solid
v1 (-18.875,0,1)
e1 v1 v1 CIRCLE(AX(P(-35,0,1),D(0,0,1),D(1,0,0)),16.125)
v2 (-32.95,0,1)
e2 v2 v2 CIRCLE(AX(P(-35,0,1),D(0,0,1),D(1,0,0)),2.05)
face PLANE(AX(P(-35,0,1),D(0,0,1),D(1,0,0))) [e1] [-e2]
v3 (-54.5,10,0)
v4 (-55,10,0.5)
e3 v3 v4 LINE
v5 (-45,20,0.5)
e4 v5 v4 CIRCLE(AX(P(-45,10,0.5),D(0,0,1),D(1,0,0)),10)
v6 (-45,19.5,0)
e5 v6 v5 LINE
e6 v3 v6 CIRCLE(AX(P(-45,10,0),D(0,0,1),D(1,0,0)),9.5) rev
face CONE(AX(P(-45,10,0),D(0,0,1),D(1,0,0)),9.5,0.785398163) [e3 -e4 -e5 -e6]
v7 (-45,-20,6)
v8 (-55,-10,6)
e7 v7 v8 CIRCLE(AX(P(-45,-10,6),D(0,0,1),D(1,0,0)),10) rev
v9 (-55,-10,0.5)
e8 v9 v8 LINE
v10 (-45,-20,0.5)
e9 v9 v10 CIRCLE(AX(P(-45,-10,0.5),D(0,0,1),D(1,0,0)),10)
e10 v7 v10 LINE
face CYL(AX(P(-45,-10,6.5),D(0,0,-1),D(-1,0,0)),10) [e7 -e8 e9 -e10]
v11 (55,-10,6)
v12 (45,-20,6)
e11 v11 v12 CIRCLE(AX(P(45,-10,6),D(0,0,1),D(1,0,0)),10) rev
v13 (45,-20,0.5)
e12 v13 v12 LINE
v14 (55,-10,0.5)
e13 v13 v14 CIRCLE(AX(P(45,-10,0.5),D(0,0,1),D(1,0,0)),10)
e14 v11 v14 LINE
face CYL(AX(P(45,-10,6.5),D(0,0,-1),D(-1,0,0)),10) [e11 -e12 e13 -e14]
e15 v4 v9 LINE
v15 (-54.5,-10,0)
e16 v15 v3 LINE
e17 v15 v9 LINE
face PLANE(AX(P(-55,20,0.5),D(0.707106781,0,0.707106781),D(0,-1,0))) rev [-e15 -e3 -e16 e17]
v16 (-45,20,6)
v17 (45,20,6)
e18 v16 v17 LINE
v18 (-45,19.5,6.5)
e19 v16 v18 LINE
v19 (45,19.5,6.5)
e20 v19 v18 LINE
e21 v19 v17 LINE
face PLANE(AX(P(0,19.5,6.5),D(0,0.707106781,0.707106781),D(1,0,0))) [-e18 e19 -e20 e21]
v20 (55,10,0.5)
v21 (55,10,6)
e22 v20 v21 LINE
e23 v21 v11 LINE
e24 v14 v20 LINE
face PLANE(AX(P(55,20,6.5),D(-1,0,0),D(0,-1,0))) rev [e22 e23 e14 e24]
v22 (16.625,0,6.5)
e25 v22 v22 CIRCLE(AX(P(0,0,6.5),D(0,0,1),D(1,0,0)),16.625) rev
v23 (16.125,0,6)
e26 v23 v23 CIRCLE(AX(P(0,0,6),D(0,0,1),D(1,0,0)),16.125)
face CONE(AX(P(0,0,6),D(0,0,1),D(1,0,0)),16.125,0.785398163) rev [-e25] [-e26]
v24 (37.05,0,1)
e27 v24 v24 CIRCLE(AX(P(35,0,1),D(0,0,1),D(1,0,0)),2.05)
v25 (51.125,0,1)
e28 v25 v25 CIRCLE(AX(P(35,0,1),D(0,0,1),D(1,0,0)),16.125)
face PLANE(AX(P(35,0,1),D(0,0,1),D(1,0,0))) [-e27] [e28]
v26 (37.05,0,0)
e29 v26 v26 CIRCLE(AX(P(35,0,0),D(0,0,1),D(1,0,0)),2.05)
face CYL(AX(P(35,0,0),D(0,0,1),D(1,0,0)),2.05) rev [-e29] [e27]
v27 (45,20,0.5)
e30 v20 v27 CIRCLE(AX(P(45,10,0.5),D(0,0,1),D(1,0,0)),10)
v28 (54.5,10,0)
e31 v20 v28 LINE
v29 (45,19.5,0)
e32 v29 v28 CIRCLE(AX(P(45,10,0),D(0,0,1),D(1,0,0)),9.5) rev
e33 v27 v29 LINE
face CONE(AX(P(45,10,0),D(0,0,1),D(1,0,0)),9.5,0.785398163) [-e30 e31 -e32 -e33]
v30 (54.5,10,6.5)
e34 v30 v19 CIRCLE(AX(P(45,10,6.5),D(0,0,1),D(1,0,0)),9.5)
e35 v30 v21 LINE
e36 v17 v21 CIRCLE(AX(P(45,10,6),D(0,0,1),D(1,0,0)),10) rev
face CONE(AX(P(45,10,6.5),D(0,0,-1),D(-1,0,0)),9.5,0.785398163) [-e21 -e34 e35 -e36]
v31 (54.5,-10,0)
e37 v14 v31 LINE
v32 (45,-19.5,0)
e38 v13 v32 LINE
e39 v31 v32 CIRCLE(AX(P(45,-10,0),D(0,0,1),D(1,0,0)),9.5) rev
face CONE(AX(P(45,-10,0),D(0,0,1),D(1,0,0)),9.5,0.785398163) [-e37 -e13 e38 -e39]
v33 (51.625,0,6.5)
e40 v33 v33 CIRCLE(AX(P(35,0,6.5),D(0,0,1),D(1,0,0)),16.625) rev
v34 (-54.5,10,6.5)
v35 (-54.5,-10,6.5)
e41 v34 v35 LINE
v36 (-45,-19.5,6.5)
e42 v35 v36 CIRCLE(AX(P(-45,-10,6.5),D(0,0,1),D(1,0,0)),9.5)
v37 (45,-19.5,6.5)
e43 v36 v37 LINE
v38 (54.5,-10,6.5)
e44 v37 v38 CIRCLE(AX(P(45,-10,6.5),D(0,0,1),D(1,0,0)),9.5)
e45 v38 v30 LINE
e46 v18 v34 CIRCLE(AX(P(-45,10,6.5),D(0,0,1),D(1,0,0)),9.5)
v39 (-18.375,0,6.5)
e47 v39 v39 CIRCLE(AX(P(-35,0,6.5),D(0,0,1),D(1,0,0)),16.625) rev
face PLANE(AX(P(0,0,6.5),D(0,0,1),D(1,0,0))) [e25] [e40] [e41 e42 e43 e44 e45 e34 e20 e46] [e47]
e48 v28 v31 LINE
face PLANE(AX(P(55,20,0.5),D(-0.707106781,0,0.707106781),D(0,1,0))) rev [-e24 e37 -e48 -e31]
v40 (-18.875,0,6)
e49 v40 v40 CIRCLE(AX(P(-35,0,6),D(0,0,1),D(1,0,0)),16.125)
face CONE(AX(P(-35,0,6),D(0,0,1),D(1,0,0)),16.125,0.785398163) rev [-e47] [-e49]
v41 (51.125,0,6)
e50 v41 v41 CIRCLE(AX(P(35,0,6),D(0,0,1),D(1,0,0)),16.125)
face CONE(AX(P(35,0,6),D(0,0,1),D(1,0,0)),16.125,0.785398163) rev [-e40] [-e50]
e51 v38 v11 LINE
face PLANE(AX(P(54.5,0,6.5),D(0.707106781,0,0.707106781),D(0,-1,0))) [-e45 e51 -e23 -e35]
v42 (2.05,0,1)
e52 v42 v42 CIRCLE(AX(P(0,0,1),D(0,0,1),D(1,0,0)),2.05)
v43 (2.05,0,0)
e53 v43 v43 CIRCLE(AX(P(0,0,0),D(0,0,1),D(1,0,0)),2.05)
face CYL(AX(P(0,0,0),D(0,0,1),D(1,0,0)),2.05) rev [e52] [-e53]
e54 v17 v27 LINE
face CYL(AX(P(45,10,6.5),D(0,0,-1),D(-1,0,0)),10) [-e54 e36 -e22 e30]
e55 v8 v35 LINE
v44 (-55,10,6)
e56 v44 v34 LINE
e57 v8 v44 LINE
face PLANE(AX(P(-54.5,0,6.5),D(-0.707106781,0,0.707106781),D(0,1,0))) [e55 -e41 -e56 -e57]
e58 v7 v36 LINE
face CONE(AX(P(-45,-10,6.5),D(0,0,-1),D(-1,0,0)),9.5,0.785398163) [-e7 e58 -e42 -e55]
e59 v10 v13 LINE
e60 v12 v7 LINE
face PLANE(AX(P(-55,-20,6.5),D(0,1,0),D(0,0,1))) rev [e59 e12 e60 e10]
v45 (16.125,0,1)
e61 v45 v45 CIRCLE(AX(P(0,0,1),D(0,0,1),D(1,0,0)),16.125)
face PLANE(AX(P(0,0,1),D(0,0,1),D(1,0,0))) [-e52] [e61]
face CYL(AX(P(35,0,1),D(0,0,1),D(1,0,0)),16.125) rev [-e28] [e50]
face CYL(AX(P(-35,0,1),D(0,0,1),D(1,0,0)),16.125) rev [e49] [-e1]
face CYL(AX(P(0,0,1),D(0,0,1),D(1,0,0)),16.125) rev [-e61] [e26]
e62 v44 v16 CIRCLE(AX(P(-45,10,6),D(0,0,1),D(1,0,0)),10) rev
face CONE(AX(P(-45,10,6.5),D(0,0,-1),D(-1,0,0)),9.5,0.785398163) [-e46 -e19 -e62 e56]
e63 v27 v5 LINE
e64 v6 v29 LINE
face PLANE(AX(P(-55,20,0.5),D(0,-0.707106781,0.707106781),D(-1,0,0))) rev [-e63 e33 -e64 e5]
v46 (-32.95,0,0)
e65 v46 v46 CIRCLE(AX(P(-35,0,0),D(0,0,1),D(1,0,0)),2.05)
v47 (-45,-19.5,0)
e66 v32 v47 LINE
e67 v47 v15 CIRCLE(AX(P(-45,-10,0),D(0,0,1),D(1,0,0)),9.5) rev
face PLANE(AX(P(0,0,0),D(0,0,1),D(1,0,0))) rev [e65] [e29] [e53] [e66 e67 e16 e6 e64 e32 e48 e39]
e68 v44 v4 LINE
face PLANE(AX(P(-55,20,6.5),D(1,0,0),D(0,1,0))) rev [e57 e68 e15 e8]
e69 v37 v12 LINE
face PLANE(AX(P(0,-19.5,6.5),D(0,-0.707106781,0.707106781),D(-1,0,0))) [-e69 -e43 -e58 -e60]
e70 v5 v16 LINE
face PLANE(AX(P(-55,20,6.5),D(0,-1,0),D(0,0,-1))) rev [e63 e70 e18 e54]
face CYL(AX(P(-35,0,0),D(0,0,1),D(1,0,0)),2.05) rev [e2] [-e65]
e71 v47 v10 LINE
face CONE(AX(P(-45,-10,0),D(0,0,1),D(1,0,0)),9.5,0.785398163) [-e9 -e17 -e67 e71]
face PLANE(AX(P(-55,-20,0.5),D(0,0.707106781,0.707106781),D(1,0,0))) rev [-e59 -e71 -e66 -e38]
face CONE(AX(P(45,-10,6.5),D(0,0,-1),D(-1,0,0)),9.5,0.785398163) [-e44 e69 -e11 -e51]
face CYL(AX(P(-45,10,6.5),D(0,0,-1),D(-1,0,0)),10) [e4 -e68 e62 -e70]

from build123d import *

# Parameters (mm, degrees)
SKETCH1_W           = 110
SKETCH1_H           = 40
BOSS_EXTRUDE1_DEPTH = 6.5
SKETCH2_R           = 16.125
CUT_EXTRUDE1_DEPTH  = 5.5
FILLET1_R           = 10
SKETCH3_R           = 2.05
CUT_EXTRUDE2_DEPTH  = 59.781374601
CHAMFER1_SIZE       = 0.5


with BuildPart() as part:
    # Sketch1 → Boss-Extrude1 (new body)
    with BuildSketch(Plane.XY):
        Rectangle(SKETCH1_W, SKETCH1_H)
    extrude(amount=BOSS_EXTRUDE1_DEPTH)

    # Sketch2 → Cut-Extrude1 (cut)
    with BuildSketch(Plane.XY.offset(6.5)):
        Circle(SKETCH2_R)
        with Locations((35, 0)):
            Circle(SKETCH2_R)
        with Locations((-35, 0)):
            Circle(SKETCH2_R)
    extrude(amount=-CUT_EXTRUDE1_DEPTH, mode=Mode.SUBTRACT)

    # Fillet1
    fillet1_edges = [part.edges().sort_by_distance(p)[0] for p in [
        (55, -20, 3.25),
        (-55, -20, 3.25),
        (-55, 20, 3.25),
        (55, 20, 3.25),
    ]]
    fillet(fillet1_edges, radius=FILLET1_R)

    # Sketch3 → Cut-Extrude2 (cut, through all)
    with BuildSketch(Plane.XY.offset(1)):
        Circle(SKETCH3_R)
        with Locations((35, 0)):
            Circle(SKETCH3_R)
        with Locations((-35, 0)):
            Circle(SKETCH3_R)
    extrude(amount=-CUT_EXTRUDE2_DEPTH, mode=Mode.SUBTRACT)

    # Chamfer1
    chamfer1_edges = [part.edges().sort_by_distance(p)[0] for p in [
        (-51.125, 0, 6.5),
        (18.875, 0, 6.5),
        (-16.125, 0, 6.5),
        (55, 0, 0),
        (55, 0, 6.5),
        (0, -20, 0),
        (-55, 0, 0),
        (0, 20, 0),
        (-52.071067812, -17.071067812, 0),
        (-52.071067812, 17.071067812, 0),
        (52.071067812, 17.071067812, 0),
        (52.071067812, -17.071067812, 0),
        (0, -20, 6.5),
        (0, 20, 6.5),
        (-55, 0, 6.5),
        (-52.071067812, -17.071067812, 6.5),
        (-52.071067812, 17.071067812, 6.5),
        (52.071067812, 17.071067812, 6.5),
        (52.071067812, -17.071067812, 6.5),
    ]]
    chamfer(chamfer1_edges, length=CHAMFER1_SIZE)


solid = part.part
